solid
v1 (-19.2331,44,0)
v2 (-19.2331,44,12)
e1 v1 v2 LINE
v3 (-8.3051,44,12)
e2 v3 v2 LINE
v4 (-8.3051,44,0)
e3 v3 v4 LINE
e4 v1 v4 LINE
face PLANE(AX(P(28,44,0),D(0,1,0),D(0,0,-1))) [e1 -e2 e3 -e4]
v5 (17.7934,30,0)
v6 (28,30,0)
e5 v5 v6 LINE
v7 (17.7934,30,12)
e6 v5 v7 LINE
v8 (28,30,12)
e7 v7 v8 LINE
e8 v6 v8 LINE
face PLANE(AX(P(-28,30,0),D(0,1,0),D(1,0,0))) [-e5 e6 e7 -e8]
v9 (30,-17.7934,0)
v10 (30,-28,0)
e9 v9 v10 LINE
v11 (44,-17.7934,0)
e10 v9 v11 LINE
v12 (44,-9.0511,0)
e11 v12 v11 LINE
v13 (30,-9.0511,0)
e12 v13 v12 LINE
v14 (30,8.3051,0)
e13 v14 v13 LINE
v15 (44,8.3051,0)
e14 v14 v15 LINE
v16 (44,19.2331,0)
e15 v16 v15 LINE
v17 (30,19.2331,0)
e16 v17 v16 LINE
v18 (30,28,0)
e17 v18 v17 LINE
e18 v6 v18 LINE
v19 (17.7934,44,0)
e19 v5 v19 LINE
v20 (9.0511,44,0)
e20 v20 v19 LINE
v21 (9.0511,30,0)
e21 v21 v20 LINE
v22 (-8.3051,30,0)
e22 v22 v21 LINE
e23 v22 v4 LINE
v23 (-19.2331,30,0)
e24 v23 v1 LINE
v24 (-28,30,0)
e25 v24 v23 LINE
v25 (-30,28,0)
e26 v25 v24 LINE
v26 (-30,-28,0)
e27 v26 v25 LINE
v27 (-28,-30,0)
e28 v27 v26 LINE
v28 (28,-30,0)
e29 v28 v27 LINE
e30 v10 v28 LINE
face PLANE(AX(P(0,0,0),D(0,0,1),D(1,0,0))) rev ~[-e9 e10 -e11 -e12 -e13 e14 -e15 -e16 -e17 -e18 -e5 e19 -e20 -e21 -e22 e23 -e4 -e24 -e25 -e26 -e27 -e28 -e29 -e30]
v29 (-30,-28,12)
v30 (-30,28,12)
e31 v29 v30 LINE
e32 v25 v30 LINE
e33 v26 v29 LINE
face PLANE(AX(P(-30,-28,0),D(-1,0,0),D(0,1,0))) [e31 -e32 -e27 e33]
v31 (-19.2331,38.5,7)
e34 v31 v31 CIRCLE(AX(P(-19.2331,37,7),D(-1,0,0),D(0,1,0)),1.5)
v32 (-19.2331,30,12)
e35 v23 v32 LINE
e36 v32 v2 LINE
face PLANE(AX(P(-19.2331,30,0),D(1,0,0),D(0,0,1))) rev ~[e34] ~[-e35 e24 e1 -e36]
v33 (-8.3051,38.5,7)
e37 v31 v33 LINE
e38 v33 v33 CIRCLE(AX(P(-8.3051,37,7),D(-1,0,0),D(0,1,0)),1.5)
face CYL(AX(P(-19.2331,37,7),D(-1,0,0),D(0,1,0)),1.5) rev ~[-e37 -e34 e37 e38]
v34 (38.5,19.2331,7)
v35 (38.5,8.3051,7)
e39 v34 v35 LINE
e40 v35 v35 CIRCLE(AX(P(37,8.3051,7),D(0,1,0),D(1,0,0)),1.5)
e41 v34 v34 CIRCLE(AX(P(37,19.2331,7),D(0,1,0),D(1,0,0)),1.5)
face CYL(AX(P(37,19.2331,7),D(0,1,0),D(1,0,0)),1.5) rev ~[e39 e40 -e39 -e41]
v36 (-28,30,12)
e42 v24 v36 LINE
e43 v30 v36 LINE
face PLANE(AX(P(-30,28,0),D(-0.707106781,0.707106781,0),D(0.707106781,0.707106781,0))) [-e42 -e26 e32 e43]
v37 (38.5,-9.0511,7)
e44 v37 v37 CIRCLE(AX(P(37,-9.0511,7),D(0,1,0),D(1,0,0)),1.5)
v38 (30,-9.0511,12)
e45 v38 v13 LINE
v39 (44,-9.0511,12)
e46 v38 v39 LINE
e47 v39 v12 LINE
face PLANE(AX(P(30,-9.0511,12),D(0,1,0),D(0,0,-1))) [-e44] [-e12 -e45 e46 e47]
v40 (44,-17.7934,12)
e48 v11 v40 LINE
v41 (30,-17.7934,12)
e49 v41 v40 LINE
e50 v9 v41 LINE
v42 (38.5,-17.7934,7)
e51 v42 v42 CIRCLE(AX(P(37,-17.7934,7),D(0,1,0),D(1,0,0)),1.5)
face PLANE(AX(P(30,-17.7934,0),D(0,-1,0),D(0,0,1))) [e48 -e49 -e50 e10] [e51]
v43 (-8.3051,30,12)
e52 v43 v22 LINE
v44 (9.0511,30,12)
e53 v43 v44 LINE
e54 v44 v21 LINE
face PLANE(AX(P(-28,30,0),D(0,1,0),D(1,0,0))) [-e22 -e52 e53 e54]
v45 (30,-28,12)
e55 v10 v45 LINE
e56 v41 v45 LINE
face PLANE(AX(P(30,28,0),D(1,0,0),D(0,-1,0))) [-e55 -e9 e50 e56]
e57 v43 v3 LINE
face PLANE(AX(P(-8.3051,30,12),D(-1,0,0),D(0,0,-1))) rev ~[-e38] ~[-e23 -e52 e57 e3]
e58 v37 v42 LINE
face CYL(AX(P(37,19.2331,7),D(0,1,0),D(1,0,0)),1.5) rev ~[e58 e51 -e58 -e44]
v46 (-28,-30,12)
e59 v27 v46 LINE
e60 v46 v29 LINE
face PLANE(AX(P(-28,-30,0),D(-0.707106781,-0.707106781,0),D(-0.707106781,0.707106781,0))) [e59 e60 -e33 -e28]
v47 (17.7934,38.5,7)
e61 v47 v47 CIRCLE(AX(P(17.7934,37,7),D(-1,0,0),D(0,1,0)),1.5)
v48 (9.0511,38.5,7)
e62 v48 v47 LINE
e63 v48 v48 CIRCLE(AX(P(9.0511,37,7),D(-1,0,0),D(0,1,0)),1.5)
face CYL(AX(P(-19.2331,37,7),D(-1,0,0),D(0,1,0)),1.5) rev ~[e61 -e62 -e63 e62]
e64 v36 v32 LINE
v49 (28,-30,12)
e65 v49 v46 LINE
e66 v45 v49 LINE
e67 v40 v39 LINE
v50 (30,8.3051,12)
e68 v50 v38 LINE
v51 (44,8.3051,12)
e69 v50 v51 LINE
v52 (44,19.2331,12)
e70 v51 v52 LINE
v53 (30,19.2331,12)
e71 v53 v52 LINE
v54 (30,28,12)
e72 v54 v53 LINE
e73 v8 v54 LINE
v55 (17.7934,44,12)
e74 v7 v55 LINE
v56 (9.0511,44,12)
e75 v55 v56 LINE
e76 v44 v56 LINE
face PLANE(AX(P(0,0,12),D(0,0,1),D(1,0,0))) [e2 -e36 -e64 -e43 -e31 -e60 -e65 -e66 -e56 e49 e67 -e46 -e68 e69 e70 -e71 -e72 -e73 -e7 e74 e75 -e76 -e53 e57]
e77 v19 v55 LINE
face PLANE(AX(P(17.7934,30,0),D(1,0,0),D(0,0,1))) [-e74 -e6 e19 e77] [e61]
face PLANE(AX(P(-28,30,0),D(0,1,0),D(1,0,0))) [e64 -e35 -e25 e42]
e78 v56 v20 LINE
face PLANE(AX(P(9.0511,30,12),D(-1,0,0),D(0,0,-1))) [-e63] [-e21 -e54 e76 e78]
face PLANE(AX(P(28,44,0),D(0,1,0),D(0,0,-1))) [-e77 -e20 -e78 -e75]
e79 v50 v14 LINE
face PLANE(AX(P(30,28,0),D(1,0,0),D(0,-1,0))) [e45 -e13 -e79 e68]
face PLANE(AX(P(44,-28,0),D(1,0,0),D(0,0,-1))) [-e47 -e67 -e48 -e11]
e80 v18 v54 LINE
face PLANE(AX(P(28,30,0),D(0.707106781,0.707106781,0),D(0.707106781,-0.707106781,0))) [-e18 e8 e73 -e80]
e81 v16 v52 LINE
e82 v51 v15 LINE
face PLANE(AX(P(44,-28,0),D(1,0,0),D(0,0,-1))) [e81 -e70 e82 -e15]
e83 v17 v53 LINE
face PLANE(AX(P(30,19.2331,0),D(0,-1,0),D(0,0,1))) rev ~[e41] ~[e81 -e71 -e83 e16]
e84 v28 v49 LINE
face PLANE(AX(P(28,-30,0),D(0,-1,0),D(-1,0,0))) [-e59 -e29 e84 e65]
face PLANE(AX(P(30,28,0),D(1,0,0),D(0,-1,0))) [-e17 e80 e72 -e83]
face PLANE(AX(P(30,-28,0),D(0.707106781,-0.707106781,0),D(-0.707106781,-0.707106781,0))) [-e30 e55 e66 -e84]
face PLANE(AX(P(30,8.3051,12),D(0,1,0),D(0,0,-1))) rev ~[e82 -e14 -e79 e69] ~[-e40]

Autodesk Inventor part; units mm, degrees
ref_plane "YZ Plane" through (0, 0, 0) normal (1, 0, 0) x (0, 1, 0)
ref_plane "XZ Plane" through (0, 0, 0) normal (0, 1, 0) x (-1, 0, 0)
ref_plane "XY Plane" through (0, 0, 0) normal (0, 0, 1) x (1, 0, 0)
ref_plane "Work Plane1" through (0, 0, 0) normal (0, 0, 1) x (1, 0, 0)
sketch "Sketch1" plane through (0, 0, 0) normal (0, 0, 1) x (1, 0, 0)
  circle A0 centre (0, 0) radius 7.5 projected
  line L0 (-30, 28) -> (-28, 30) projected
  line L1 (-30, -28) -> (-30, 28) projected
  line L2 (-28, -30) -> (-30, -28) projected
  line L3 (28, -30) -> (-28, -30) projected
  line L4 (30, -28) -> (28, -30) projected
  line L5 (30, 28) -> (30, -28) projected
  line L6 (28, 30) -> (30, 28) projected
  line L7 (-28, 30) -> (28, 30) projected
  circle A1 centre (-25, 0) radius 1.3 projected
  circle A2 centre (25, 0) radius 1.3 projected
extrude "Extrusion1" add sketch "Sketch1" along normal blind 12 contours A0 | L0 L7 L6 L5 L4 L3 L2 L1 | A1 | A2
sketch "Sketch2" plane through (0, 0, 12) normal (0, 0, 1) x (1, 0, 0)
  point P0 (0, 0)
sketch "Sketch3" plane through (30, -28, 0) normal (1, 0, 0) x (0, 0, -1)
  line L0 (0, 56) -> (0, 0) projected
  line L1 (0, 56) -> (-12, 56) projected
  line L2 (-12, 0) -> (-12, 56) projected
  line L3 (0, 0) -> (-12, 0) projected
  line L4 (-12, 0) -> (-12, 56) projected
  line L5 (0, 47.2331) -> (-12, 47.2331)
  line L6 (-12, 47.2331) -> (-12, 36.3051)
  line L7 (-12, 36.3051) -> (0, 36.3051)
  line L8 (0, 36.3051) -> (0, 47.2331)
  line L9 (0, 56) -> (0, 0) projected
  line L10 (0, 10.2066) -> (-12, 10.2066)
  line L11 (-12, 10.2066) -> (-12, 18.9489)
  line L12 (-12, 18.9489) -> (0, 18.9489)
  line L13 (0, 18.9489) -> (0, 10.2066)
  point P0 (0, 28)
extrude "Extrusion2" add sketch "Sketch3" along normal blind 14 contours L0 L7 L2 L5 | L0 L10 L2 L12
sketch "Sketch4" plane through (30, 19.2331, 12) normal (0, 1, 0) x (1, 0, 0)
  line L0 (0, 0) -> (0, 12) projected
  line L1 (0, 0) -> (14, 0) projected
  line L2 (14, 12) -> (14, 0) projected
  line L3 (0, 12) -> (14, 12) projected
  circle A0 centre (7, 5) radius 1.5
  point P0 (-30, 12)
  dimension "d4" = 3
extrude "Extrusion3" cut sketch "Sketch4" against normal through all contours A0
pattern_circular "Circular Pattern1" count 2 over 90 about axis through (0, 0, 0) along (0, 0, 1) of "Extrusion2", "Extrusion3"
properties part number "00_XY_stage-CHUO_SEIKI_LD-647-R1-Middle"
